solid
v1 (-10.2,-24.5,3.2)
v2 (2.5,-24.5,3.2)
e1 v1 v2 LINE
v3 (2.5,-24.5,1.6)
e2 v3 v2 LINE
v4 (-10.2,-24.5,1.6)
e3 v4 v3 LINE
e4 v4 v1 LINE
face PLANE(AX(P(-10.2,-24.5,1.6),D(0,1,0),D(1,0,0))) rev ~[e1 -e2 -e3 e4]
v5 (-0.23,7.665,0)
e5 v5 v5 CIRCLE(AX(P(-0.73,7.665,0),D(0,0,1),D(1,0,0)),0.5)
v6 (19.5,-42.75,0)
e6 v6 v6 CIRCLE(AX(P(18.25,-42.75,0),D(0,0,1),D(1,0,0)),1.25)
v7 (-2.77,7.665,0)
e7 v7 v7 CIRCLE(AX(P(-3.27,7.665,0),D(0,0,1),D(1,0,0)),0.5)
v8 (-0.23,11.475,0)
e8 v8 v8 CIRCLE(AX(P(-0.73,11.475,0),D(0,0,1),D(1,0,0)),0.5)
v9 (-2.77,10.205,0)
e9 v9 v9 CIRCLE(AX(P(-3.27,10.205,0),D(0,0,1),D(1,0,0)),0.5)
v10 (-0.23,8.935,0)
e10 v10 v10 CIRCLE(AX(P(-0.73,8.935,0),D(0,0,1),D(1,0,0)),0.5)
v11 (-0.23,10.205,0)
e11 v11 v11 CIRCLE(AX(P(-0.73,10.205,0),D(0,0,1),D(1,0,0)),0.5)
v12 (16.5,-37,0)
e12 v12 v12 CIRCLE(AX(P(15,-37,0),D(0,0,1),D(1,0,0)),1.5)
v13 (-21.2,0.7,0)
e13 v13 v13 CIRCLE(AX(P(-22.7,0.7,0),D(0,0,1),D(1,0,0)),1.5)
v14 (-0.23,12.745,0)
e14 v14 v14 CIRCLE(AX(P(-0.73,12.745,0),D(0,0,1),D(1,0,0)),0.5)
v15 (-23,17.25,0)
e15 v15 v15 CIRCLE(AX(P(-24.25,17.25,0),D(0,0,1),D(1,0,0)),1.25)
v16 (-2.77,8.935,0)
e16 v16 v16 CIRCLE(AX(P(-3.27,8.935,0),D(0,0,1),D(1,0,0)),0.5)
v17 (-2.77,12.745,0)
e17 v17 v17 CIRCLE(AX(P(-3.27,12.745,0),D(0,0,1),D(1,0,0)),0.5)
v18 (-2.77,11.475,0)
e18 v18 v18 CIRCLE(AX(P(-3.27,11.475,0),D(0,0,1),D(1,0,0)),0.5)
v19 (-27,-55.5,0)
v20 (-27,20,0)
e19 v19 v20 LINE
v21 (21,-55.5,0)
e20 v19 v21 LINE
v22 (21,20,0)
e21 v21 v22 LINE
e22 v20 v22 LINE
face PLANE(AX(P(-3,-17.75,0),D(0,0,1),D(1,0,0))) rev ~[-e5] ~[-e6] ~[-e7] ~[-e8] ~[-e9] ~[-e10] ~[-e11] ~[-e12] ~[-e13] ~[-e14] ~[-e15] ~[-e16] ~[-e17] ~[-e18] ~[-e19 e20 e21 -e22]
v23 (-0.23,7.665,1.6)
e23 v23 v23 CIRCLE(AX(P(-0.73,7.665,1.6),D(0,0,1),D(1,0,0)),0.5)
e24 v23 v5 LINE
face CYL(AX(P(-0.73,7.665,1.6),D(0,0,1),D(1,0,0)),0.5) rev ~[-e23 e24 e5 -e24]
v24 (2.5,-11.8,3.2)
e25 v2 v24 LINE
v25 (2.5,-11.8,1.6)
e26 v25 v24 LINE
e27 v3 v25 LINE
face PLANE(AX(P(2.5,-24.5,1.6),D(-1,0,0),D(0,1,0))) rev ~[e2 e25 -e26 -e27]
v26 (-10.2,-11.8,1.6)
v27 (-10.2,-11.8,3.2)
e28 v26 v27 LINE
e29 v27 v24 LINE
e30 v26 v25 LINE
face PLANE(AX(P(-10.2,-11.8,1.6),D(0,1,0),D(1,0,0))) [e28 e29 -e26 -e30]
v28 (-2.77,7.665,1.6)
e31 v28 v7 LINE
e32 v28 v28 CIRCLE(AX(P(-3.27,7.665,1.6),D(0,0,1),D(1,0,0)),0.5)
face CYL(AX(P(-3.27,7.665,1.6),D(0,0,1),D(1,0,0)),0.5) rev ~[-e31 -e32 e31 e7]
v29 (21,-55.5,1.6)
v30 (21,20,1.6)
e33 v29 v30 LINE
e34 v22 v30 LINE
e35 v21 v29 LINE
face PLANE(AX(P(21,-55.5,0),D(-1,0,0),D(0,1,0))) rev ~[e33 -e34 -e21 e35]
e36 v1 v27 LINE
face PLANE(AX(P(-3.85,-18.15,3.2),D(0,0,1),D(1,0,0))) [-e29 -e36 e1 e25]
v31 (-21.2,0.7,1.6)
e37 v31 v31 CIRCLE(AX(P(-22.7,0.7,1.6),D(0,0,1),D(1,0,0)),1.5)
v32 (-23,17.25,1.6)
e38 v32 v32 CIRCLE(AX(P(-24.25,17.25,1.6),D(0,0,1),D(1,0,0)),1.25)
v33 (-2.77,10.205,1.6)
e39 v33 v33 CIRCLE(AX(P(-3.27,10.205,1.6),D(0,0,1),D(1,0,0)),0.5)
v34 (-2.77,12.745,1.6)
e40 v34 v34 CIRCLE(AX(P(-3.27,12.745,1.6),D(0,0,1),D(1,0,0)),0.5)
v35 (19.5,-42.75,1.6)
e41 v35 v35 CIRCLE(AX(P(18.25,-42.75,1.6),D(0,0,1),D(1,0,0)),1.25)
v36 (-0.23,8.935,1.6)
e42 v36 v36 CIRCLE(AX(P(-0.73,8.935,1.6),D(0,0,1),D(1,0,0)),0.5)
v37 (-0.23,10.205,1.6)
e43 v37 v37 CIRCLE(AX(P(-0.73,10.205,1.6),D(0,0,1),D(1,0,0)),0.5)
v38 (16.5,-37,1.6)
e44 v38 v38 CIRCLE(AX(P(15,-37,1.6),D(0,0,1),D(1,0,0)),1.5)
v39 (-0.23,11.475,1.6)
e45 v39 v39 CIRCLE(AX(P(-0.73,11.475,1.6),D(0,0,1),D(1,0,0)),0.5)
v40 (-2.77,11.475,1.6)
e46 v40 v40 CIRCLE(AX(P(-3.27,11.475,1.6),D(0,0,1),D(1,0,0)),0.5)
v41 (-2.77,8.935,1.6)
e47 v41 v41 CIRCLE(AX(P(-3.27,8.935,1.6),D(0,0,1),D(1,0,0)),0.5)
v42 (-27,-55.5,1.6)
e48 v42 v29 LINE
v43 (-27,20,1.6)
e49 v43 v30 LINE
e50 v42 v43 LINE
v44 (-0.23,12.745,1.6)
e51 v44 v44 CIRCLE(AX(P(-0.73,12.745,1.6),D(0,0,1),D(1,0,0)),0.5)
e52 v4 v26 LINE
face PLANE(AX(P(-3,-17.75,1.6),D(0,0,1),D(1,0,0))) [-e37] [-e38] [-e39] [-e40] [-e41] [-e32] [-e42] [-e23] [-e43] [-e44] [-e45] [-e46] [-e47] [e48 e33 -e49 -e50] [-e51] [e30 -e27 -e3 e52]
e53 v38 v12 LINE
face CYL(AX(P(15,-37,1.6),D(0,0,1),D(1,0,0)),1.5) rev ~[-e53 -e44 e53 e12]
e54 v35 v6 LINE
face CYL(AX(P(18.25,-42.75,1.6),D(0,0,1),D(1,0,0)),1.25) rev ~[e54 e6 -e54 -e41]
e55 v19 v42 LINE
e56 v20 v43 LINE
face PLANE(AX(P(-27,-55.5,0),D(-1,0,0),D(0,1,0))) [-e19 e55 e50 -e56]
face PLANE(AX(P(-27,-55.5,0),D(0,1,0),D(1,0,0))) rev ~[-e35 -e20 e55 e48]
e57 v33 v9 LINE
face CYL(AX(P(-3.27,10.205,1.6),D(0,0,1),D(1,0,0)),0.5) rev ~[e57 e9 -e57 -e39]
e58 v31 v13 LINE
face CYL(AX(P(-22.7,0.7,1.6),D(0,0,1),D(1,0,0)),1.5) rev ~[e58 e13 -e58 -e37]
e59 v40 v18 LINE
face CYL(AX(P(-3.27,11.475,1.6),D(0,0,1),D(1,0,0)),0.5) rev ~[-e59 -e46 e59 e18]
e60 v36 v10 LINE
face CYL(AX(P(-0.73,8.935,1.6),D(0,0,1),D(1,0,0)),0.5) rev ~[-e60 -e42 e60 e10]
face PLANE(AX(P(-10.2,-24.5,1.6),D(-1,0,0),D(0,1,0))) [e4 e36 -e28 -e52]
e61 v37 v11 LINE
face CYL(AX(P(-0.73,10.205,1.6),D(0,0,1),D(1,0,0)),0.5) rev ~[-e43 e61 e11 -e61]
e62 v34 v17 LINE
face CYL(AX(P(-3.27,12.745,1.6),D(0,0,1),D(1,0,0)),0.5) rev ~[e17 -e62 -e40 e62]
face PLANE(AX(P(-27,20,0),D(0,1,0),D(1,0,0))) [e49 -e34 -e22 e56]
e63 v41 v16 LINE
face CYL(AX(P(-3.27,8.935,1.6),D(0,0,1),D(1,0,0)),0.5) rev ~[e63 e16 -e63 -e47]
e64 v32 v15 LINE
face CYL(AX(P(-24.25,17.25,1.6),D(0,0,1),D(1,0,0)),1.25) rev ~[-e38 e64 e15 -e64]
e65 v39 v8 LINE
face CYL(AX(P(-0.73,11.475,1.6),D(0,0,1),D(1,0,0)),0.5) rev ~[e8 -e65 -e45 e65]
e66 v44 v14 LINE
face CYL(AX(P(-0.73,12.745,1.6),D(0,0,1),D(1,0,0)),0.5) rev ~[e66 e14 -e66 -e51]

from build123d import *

# Parameters (mm, degrees)
SKETCH008_W                        = 48
SKETCH008_H                        = 75.5
PAD003_DEPTH                       = 1.6
SKETCH009_W                        = 12.7
SKETCH009_H                        = 12.7
PAD005_DEPTH                       = 1.6
SKETCH010_R                        = 1.25
SKETCH010_R_2                      = 1.5
POCKET005_DEPTH                    = 1.601
SKETCH020_R                        = 0.5
POCKET010_DEPTH                    = 180.6483680343
SKETCH020_LINEARPATTERN002_2_R     = 0.5
POCKET010_LINEARPATTERN002_2_DEPTH = 180.6483680343
LINEARPATTERN003_COUNT             = 5
LINEARPATTERN003_PITCH             = 1.27


with BuildPart() as part:
    # Sketch008 → Pad003 (new body)
    with BuildSketch(Plane.XY):
        with Locations((-3, -17.75)):
            Rectangle(SKETCH008_W, SKETCH008_H)
    extrude(amount=PAD003_DEPTH)

    # Sketch009 (on Face6 of Pad003) → Pad005 (join)
    with BuildSketch(Plane.XY.offset(1.6)):
        with Locations((-3.85, -18.15)):
            Rectangle(SKETCH009_W, SKETCH009_H)
    extrude(amount=PAD005_DEPTH)

    # Sketch010 → Pocket005 (cut, through all)
    with BuildSketch(Plane.XY.offset(1.6)):
        with Locations((-24.25, 17.25)):
            Circle(SKETCH010_R)
        with Locations((18.25, -42.75)):
            Circle(SKETCH010_R)
        with Locations((-22.7, 0.7)):
            Circle(SKETCH010_R_2)
        with Locations((15, -37)):
            Circle(SKETCH010_R_2)
    extrude(amount=-POCKET005_DEPTH, mode=Mode.SUBTRACT)

    # Sketch020 (on Face5 of Pocket005) → Pocket010 (cut, through all)
    with BuildSketch(Plane.XY.offset(1.6)):
        with Locations((-3.27, 12.745)):
            Circle(SKETCH020_R)
    pocket010 = extrude(amount=-POCKET010_DEPTH, mode=Mode.SUBTRACT)

    # Sketch020 LinearPattern002 2 → Pocket010 LinearPattern002 2 (cut, through all)
    with BuildSketch(Plane(origin=(2.54, 0, 1.6), x_dir=(1, 0, 0), z_dir=(0, 0, 1))):
        with Locations((-3.27, 12.745)):
            Circle(SKETCH020_LINEARPATTERN002_2_R)
    pocket010_linearpattern002_2 = extrude(amount=-POCKET010_LINEARPATTERN002_2_DEPTH, mode=Mode.SUBTRACT)

    # LinearPattern003: Pocket010, Pocket010 LinearPattern002 2 ×5
    with Locations(*[(0, -i * LINEARPATTERN003_PITCH, 0) for i in range(1, LINEARPATTERN003_COUNT)]):
        add(pocket010, mode=Mode.SUBTRACT)
        add(pocket010_linearpattern002_2, mode=Mode.SUBTRACT)


solid = part.part
